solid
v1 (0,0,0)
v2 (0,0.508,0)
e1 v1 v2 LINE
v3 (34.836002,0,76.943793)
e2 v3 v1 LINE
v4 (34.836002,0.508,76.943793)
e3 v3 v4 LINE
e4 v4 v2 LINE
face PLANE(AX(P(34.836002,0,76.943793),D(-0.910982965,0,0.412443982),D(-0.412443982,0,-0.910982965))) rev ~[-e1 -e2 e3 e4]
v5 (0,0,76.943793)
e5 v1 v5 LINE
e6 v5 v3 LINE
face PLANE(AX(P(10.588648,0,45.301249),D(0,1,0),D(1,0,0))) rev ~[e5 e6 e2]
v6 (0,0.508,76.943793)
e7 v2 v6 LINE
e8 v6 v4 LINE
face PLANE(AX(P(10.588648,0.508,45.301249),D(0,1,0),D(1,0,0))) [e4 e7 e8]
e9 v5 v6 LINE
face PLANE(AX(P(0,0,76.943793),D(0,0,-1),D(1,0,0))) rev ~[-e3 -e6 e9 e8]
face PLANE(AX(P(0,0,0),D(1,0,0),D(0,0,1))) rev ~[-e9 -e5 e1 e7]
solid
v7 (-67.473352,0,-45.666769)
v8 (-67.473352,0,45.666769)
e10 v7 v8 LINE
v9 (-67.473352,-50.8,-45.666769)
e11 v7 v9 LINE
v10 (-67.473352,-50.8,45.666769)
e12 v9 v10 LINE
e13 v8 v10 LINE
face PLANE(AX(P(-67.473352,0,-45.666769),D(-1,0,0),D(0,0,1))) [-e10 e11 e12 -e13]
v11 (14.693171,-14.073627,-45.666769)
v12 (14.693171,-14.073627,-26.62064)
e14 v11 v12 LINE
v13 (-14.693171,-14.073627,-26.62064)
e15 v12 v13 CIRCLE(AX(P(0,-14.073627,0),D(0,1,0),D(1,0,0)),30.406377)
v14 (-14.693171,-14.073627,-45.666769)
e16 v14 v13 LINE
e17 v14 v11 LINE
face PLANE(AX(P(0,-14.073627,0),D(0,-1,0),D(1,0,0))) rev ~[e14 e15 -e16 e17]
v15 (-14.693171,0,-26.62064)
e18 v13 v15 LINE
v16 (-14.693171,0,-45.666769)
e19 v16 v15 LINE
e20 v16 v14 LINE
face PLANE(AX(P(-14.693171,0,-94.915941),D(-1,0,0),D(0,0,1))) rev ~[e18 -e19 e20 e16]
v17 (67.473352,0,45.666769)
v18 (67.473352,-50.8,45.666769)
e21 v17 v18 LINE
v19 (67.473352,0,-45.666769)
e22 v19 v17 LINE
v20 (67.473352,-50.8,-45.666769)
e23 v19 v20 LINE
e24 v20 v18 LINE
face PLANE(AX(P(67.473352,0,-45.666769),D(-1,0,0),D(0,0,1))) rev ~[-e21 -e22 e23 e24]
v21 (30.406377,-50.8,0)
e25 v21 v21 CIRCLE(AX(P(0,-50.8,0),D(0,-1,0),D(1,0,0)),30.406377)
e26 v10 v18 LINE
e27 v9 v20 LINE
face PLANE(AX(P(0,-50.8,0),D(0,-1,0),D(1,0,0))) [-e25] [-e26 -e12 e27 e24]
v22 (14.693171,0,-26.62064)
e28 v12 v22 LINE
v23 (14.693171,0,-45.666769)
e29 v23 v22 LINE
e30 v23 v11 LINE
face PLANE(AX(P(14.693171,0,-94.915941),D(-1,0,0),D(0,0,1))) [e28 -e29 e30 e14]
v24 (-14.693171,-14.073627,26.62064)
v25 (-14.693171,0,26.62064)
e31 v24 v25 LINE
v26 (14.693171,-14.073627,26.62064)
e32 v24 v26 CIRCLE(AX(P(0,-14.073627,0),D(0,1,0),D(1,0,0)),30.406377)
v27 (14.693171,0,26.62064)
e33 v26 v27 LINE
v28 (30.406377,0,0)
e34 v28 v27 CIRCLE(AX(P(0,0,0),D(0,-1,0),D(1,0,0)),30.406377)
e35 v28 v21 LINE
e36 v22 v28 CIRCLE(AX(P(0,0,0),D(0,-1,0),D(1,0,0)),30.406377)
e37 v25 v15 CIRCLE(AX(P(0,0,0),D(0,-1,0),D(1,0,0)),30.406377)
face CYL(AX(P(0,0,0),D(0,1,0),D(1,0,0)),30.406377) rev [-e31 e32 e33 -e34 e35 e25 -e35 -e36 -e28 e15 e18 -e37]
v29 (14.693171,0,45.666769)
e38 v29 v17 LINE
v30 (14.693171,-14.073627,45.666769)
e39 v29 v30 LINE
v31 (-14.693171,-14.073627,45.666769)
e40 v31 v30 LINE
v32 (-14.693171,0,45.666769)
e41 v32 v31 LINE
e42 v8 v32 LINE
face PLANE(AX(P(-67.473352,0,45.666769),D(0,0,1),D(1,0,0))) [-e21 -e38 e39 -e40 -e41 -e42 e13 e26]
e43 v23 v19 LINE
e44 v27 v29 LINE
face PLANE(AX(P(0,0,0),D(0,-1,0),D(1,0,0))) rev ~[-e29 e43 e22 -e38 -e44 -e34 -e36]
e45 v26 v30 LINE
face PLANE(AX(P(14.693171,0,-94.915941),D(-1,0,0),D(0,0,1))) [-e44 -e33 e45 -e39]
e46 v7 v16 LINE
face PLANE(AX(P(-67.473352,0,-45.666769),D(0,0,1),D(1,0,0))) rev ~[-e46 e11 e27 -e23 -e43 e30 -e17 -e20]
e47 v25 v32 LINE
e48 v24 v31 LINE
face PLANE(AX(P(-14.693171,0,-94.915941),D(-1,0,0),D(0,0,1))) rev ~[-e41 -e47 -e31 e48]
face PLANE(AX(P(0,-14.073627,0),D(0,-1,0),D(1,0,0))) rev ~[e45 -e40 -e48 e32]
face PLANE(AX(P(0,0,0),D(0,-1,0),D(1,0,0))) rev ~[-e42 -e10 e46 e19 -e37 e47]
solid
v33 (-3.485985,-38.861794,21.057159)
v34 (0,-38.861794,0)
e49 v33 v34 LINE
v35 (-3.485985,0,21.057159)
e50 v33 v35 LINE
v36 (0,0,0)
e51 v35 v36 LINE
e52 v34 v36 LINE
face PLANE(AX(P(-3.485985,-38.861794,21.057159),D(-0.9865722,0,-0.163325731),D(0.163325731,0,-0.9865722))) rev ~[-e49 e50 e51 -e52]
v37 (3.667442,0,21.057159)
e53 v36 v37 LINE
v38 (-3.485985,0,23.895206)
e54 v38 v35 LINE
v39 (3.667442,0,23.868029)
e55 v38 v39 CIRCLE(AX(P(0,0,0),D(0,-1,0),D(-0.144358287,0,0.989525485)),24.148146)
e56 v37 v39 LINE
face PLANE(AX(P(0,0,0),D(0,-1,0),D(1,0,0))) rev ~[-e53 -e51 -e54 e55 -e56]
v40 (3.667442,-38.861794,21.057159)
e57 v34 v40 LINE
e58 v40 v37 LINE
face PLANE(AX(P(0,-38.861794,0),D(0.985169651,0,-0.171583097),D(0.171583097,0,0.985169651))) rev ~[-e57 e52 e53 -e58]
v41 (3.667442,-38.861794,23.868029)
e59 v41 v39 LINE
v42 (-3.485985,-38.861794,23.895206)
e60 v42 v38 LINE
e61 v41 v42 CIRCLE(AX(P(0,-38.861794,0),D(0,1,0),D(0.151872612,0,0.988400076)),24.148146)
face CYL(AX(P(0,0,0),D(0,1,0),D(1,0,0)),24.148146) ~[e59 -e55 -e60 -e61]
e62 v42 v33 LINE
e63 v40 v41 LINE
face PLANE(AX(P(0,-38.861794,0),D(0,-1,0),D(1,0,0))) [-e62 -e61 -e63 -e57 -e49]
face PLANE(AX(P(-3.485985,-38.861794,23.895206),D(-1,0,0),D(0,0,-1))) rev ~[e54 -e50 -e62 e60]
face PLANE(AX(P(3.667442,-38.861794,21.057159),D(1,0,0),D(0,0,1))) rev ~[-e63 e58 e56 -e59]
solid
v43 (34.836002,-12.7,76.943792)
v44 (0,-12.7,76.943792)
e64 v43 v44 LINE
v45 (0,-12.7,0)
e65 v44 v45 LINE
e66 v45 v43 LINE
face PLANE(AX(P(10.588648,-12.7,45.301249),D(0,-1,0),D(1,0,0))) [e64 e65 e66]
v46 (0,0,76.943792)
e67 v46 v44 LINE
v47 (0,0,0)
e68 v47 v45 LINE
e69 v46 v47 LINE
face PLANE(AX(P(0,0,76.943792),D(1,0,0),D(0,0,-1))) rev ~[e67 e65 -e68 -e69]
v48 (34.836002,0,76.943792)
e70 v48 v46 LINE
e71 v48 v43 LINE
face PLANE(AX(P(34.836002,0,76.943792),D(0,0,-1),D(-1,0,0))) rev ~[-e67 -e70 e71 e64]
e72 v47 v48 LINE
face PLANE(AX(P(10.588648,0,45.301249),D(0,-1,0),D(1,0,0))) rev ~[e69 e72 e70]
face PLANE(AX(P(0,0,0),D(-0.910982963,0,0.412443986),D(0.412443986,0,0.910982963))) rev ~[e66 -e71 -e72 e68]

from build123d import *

# Parameters (mm, degrees)
F0_W      = 134.946704
F0_H      = 91.333538
F0_R      = 30.406377
F1_DEPTH  = 50.8
F2_W      = 29.386342
F2_H      = 189.831882
F3_DEPTH  = 14.073627
F4_R      = 24.148146
F5_DEPTH  = 38.861794
F7_DEPTH  = 47.989102
F9_DEPTH  = 12.7
F10_DEPTH = 0.508


with BuildPart() as f1:
    # F0 (on Front) → F1 (new body)
    with BuildSketch(Plane.XZ):
        Rectangle(F0_W, F0_H)
        Circle(F0_R, mode=Mode.SUBTRACT)
    extrude(amount=F1_DEPTH)

    # F2 (on Front) → F3 (cut)
    with BuildSketch(Plane.XZ):
        Rectangle(F2_W, F2_H)
    extrude(amount=F3_DEPTH, mode=Mode.SUBTRACT)


with BuildPart() as f5:
    # F4 (on Front) → F5 (new body)
    with BuildSketch(Plane.XZ):
        Circle(F4_R)
    extrude(amount=F5_DEPTH)

    # F6 (on face) → F7 (cut)
    with BuildSketch(Plane.XZ.offset(38.861794)):
        Polygon((3.667442, 21.057159), (0, 21.057159), (-3.485985, 21.057159), (0, 0), align=None)
        with BuildLine():
            Line((0, 21.057159), (0, 24.148146))
            ThreePointArc((0, 24.148146), (-1.747575, 24.084828), (-3.485985, 23.895206))
            Line((-3.485985, 23.895206), (-3.485985, 21.057159))
            Line((-3.485985, 21.057159), (0, 21.057159))
        make_face()
        with BuildLine():
            ThreePointArc((3.667442, 23.86803), (1.839062, 24.078015), (0, 24.148146))
            Line((0, 24.148146), (0, 21.057159))
            Line((0, 21.057159), (3.667442, 21.057159))
            Line((3.667442, 21.057159), (3.667442, 23.86803))
        make_face()
    extrude(amount=-F7_DEPTH, mode=Mode.SUBTRACT)


with BuildPart() as f9:
    # F8 (on Front) → F9 (new body)
    with BuildSketch(Plane.XZ):
        Polygon((34.836002, 76.943792), (0, 76.943792), (0, 0), align=None)
    extrude(amount=F9_DEPTH)


with BuildPart() as f10:
    # F9_face (on face) → F10 (new body)
    with BuildSketch(Plane(origin=(11.612001, 0, 51.295862), x_dir=(1, 0, 0), z_dir=(0, 1, 0))):
        Polygon((-11.612001, -25.647931), (23.224001, -25.647931), (-11.612001, 51.295862), align=None)
    extrude(amount=F10_DEPTH)


solid = Compound([f1.part, f5.part, f9.part, f10.part])
